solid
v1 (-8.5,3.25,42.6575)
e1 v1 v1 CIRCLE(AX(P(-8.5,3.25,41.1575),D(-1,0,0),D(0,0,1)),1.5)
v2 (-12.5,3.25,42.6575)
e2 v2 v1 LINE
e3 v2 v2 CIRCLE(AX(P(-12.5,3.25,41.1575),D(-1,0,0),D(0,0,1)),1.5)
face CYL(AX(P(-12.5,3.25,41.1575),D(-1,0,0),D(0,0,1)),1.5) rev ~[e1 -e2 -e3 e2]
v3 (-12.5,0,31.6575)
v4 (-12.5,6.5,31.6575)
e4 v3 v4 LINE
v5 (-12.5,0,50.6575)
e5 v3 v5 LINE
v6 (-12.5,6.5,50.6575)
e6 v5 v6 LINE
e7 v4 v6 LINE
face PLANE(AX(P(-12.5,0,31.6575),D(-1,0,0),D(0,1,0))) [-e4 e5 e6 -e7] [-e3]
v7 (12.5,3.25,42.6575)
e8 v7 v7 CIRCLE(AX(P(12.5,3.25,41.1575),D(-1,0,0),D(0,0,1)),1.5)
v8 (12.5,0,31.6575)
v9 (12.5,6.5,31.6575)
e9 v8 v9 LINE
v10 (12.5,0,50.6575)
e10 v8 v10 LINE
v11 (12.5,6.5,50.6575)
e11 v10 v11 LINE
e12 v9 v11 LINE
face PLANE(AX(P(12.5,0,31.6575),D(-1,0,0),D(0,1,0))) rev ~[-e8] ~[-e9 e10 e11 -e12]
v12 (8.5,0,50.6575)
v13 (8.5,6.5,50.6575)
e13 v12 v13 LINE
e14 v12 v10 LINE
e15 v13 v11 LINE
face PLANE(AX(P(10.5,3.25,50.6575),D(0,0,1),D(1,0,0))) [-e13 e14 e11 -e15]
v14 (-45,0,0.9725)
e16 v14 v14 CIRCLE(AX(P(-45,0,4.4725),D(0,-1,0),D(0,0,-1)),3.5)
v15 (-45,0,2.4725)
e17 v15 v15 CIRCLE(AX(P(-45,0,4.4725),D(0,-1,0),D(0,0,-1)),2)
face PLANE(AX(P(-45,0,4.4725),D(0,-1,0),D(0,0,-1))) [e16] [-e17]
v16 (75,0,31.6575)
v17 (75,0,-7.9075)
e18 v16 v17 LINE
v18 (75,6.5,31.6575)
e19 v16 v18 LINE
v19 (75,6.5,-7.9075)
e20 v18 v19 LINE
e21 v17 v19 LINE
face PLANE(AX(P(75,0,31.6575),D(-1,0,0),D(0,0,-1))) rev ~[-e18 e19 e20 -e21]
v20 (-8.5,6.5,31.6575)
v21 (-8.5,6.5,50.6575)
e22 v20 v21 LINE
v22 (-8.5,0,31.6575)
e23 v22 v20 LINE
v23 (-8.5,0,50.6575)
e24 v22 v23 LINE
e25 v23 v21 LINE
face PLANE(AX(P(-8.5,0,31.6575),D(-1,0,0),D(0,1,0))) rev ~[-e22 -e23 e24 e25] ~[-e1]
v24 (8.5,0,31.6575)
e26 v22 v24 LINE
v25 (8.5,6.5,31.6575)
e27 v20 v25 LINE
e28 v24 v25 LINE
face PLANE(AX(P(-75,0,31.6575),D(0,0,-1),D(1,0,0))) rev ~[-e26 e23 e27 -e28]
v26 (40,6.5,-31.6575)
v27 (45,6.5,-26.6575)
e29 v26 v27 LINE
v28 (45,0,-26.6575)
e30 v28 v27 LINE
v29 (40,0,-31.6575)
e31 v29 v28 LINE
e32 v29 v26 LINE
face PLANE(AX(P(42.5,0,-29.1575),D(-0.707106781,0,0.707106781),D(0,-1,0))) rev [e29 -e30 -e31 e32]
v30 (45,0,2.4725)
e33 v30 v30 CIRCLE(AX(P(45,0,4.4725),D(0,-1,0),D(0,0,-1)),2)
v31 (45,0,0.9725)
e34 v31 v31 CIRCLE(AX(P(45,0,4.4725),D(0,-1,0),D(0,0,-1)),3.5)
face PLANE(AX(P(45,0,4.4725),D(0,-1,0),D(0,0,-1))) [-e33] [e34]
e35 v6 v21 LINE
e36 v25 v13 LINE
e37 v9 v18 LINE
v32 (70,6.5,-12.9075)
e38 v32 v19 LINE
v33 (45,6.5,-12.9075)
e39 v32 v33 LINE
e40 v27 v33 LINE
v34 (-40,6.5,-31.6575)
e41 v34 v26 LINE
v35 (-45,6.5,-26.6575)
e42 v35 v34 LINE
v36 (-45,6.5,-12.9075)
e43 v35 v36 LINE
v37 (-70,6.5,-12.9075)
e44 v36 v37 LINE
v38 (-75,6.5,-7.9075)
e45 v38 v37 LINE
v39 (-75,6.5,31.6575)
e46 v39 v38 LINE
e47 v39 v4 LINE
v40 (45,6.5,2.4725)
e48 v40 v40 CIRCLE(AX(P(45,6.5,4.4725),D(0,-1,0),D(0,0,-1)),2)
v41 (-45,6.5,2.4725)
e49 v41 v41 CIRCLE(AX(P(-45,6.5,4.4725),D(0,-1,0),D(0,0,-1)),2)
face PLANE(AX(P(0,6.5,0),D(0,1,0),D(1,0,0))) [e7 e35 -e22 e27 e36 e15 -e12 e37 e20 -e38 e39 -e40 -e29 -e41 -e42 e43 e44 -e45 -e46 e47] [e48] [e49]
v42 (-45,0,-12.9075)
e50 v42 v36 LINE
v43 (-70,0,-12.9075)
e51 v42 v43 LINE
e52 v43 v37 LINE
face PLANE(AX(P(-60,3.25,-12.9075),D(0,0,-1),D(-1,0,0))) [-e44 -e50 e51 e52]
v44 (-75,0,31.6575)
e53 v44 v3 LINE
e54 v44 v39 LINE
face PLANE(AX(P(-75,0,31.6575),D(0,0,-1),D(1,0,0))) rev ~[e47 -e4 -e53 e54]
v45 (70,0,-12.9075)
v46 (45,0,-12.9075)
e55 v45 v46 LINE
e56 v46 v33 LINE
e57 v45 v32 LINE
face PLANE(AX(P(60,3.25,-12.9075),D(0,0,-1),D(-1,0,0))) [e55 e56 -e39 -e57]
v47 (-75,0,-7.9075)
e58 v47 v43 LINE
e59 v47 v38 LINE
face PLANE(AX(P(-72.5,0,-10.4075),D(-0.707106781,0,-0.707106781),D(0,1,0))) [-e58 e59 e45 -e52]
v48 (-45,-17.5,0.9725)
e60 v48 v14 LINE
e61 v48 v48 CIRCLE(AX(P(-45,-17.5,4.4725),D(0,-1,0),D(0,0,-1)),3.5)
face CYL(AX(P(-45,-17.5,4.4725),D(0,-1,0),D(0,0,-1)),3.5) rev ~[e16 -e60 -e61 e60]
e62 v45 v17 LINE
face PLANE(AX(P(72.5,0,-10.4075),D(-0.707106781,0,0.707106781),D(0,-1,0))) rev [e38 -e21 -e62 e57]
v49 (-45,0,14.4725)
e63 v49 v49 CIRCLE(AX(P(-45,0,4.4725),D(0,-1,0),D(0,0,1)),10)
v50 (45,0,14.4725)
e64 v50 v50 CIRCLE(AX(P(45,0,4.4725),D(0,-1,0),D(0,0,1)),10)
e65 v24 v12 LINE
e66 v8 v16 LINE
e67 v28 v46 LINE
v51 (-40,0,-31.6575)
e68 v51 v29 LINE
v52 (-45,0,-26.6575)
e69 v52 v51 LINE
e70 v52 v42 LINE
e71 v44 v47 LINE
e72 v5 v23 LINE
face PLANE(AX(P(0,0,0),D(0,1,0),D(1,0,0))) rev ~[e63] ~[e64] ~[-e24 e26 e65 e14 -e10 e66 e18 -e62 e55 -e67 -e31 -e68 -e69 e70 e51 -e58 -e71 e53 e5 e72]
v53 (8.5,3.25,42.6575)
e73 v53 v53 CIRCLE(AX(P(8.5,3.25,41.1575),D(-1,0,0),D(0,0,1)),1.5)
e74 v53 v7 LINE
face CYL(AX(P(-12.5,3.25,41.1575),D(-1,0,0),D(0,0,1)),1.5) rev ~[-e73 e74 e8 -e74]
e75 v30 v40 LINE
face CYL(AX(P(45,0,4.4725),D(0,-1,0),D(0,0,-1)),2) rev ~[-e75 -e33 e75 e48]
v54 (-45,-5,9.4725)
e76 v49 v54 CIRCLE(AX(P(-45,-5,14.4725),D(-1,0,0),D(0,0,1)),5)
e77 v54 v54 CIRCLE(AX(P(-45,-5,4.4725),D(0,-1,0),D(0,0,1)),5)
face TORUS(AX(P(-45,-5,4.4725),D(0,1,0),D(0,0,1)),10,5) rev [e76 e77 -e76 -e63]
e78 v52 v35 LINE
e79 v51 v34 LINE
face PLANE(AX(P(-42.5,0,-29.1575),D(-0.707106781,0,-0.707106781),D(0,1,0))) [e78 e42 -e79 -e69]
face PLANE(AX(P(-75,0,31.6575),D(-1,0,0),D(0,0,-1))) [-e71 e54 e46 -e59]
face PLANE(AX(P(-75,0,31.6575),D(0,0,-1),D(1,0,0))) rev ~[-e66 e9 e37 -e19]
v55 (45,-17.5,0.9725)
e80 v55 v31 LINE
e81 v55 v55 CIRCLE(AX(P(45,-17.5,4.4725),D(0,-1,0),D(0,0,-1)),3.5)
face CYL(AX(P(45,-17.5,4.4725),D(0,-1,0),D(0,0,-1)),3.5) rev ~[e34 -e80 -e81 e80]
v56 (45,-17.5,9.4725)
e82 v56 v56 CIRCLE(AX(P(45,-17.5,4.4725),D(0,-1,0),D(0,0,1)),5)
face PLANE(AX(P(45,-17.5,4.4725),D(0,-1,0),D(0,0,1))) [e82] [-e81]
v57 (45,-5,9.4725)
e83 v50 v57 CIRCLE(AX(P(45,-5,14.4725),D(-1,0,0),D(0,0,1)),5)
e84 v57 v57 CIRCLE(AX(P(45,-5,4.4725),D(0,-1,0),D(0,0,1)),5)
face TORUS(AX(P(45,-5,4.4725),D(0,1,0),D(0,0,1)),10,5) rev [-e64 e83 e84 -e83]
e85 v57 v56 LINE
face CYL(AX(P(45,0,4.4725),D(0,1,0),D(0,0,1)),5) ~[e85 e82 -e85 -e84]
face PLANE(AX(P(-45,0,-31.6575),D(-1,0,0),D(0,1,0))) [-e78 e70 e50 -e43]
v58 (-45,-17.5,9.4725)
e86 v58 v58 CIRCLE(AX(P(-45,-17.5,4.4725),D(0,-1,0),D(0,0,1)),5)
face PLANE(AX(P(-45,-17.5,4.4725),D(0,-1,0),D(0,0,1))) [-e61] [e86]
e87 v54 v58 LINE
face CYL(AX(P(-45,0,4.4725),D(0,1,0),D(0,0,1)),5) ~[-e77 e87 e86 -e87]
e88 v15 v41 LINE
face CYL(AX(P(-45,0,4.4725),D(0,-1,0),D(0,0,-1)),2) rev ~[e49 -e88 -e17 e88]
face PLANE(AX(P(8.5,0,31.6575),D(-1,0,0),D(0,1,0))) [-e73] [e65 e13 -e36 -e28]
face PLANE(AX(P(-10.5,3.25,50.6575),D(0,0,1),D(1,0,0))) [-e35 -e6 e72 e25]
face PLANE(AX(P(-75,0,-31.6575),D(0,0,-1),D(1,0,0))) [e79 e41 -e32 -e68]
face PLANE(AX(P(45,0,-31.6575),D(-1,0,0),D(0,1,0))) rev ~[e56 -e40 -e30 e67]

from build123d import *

# Parameters (mm, degrees)
SKETCH1_W           = 150
SKETCH1_H           = 63.315
BOSS_EXTRUDE1_DEPTH = 6.5
SKETCH2_W           = 4
SKETCH2_H           = 6.5
BOSS_EXTRUDE2_DEPTH = 19
SKETCH3_W           = 30
SKETCH3_H           = 6.5
CUT_EXTRUDE1_DEPTH  = 18.75
CHAMFER1_SIZE       = 5
SKETCH5_R           = 5
BOSS_EXTRUDE3_DEPTH = 17.5
FILLET1_R           = 5
SKETCH6_R           = 3.5
CUT_EXTRUDE2_DEPTH  = 17.5
SKETCH7_R           = 3.5
CUT_EXTRUDE3_DEPTH  = 17.5
SKETCH8_R           = 2
CUT_EXTRUDE4_DEPTH  = 6.5
SKETCH9_R           = 1.5
CUT_EXTRUDE5_DEPTH  = 25


with BuildPart() as part:
    # Sketch1 → Boss-Extrude1 (new body)
    with BuildSketch(Plane(origin=(0, 0, 0), x_dir=(1, 0, 0), z_dir=(0, 1, 0))):
        Rectangle(SKETCH1_W, SKETCH1_H)
    extrude(amount=BOSS_EXTRUDE1_DEPTH)

    # Sketch2 → Boss-Extrude2 (add)
    with BuildSketch(Plane.XY.offset(31.6575)):
        with Locations((-10.5, 3.25)):
            Rectangle(SKETCH2_W, SKETCH2_H)
        with Locations((10.5, 3.25)):
            Rectangle(SKETCH2_W, SKETCH2_H)
    extrude(amount=BOSS_EXTRUDE2_DEPTH)

    # Sketch3 → Cut-Extrude1 (cut)
    with BuildSketch(Plane(origin=(0, 0, -31.6575), x_dir=(-1, 0, 0), z_dir=(0, 0, -1))):
        with Locations((-60, 3.25)):
            Rectangle(SKETCH3_W, SKETCH3_H)
        with Locations((60, 3.25)):
            Rectangle(SKETCH3_W, SKETCH3_H)
    extrude(amount=-CUT_EXTRUDE1_DEPTH, mode=Mode.SUBTRACT)

    # Chamfer1
    chamfer1_edges = [part.edges().sort_by_distance(p)[0] for p in [
        (75, 3.25, -12.9075),
        (45, 3.25, -31.6575),
        (-75, 3.25, -12.9075),
        (-45, 3.25, -31.6575),
    ]]
    chamfer(chamfer1_edges, length=CHAMFER1_SIZE)

    # Sketch5 → Boss-Extrude3 (add)
    with BuildSketch(Plane.XZ):
        with Locations(Location((45, 4.4725, 0), (0, 0, 90))):
            Circle(SKETCH5_R)
        with Locations(Location((-45, 4.4725, 0), (0, 0, 90))):
            Circle(SKETCH5_R)
    extrude(amount=BOSS_EXTRUDE3_DEPTH)

    # Fillet1
    fillet1_edges = [part.edges().sort_by_distance(p)[0] for p in [
        (-45, 0, -0.5275),
        (45, 0, -0.5275),
    ]]
    fillet(fillet1_edges, radius=FILLET1_R)

    # Sketch6 → Cut-Extrude2 (cut)
    with BuildSketch(Plane.XZ.offset(17.5)):
        with Locations(Location((45, 4.4725, 0), (0, 0, 270))):
            Circle(SKETCH6_R)
    extrude(amount=-CUT_EXTRUDE2_DEPTH, mode=Mode.SUBTRACT)

    # Sketch7 → Cut-Extrude3 (cut)
    with BuildSketch(Plane.XZ.offset(17.5)):
        with Locations(Location((-45, 4.4725, 0), (0, 0, 270))):
            Circle(SKETCH7_R)
    extrude(amount=-CUT_EXTRUDE3_DEPTH, mode=Mode.SUBTRACT)

    # Sketch8 → Cut-Extrude4 (cut)
    with BuildSketch(Plane.XZ):
        with Locations(Location((45, 4.4725, 0), (0, 0, 270))):
            Circle(SKETCH8_R)
        with Locations(Location((-45, 4.4725, 0), (0, 0, 270))):
            Circle(SKETCH8_R)
    extrude(amount=-CUT_EXTRUDE4_DEPTH, mode=Mode.SUBTRACT)

    # Sketch9 → Cut-Extrude5 (cut)
    with BuildSketch(Plane.ZY.offset(12.5)):
        with Locations((41.1575, 3.25)):
            Circle(SKETCH9_R)
    extrude(amount=-CUT_EXTRUDE5_DEPTH, mode=Mode.SUBTRACT)


solid = part.part
